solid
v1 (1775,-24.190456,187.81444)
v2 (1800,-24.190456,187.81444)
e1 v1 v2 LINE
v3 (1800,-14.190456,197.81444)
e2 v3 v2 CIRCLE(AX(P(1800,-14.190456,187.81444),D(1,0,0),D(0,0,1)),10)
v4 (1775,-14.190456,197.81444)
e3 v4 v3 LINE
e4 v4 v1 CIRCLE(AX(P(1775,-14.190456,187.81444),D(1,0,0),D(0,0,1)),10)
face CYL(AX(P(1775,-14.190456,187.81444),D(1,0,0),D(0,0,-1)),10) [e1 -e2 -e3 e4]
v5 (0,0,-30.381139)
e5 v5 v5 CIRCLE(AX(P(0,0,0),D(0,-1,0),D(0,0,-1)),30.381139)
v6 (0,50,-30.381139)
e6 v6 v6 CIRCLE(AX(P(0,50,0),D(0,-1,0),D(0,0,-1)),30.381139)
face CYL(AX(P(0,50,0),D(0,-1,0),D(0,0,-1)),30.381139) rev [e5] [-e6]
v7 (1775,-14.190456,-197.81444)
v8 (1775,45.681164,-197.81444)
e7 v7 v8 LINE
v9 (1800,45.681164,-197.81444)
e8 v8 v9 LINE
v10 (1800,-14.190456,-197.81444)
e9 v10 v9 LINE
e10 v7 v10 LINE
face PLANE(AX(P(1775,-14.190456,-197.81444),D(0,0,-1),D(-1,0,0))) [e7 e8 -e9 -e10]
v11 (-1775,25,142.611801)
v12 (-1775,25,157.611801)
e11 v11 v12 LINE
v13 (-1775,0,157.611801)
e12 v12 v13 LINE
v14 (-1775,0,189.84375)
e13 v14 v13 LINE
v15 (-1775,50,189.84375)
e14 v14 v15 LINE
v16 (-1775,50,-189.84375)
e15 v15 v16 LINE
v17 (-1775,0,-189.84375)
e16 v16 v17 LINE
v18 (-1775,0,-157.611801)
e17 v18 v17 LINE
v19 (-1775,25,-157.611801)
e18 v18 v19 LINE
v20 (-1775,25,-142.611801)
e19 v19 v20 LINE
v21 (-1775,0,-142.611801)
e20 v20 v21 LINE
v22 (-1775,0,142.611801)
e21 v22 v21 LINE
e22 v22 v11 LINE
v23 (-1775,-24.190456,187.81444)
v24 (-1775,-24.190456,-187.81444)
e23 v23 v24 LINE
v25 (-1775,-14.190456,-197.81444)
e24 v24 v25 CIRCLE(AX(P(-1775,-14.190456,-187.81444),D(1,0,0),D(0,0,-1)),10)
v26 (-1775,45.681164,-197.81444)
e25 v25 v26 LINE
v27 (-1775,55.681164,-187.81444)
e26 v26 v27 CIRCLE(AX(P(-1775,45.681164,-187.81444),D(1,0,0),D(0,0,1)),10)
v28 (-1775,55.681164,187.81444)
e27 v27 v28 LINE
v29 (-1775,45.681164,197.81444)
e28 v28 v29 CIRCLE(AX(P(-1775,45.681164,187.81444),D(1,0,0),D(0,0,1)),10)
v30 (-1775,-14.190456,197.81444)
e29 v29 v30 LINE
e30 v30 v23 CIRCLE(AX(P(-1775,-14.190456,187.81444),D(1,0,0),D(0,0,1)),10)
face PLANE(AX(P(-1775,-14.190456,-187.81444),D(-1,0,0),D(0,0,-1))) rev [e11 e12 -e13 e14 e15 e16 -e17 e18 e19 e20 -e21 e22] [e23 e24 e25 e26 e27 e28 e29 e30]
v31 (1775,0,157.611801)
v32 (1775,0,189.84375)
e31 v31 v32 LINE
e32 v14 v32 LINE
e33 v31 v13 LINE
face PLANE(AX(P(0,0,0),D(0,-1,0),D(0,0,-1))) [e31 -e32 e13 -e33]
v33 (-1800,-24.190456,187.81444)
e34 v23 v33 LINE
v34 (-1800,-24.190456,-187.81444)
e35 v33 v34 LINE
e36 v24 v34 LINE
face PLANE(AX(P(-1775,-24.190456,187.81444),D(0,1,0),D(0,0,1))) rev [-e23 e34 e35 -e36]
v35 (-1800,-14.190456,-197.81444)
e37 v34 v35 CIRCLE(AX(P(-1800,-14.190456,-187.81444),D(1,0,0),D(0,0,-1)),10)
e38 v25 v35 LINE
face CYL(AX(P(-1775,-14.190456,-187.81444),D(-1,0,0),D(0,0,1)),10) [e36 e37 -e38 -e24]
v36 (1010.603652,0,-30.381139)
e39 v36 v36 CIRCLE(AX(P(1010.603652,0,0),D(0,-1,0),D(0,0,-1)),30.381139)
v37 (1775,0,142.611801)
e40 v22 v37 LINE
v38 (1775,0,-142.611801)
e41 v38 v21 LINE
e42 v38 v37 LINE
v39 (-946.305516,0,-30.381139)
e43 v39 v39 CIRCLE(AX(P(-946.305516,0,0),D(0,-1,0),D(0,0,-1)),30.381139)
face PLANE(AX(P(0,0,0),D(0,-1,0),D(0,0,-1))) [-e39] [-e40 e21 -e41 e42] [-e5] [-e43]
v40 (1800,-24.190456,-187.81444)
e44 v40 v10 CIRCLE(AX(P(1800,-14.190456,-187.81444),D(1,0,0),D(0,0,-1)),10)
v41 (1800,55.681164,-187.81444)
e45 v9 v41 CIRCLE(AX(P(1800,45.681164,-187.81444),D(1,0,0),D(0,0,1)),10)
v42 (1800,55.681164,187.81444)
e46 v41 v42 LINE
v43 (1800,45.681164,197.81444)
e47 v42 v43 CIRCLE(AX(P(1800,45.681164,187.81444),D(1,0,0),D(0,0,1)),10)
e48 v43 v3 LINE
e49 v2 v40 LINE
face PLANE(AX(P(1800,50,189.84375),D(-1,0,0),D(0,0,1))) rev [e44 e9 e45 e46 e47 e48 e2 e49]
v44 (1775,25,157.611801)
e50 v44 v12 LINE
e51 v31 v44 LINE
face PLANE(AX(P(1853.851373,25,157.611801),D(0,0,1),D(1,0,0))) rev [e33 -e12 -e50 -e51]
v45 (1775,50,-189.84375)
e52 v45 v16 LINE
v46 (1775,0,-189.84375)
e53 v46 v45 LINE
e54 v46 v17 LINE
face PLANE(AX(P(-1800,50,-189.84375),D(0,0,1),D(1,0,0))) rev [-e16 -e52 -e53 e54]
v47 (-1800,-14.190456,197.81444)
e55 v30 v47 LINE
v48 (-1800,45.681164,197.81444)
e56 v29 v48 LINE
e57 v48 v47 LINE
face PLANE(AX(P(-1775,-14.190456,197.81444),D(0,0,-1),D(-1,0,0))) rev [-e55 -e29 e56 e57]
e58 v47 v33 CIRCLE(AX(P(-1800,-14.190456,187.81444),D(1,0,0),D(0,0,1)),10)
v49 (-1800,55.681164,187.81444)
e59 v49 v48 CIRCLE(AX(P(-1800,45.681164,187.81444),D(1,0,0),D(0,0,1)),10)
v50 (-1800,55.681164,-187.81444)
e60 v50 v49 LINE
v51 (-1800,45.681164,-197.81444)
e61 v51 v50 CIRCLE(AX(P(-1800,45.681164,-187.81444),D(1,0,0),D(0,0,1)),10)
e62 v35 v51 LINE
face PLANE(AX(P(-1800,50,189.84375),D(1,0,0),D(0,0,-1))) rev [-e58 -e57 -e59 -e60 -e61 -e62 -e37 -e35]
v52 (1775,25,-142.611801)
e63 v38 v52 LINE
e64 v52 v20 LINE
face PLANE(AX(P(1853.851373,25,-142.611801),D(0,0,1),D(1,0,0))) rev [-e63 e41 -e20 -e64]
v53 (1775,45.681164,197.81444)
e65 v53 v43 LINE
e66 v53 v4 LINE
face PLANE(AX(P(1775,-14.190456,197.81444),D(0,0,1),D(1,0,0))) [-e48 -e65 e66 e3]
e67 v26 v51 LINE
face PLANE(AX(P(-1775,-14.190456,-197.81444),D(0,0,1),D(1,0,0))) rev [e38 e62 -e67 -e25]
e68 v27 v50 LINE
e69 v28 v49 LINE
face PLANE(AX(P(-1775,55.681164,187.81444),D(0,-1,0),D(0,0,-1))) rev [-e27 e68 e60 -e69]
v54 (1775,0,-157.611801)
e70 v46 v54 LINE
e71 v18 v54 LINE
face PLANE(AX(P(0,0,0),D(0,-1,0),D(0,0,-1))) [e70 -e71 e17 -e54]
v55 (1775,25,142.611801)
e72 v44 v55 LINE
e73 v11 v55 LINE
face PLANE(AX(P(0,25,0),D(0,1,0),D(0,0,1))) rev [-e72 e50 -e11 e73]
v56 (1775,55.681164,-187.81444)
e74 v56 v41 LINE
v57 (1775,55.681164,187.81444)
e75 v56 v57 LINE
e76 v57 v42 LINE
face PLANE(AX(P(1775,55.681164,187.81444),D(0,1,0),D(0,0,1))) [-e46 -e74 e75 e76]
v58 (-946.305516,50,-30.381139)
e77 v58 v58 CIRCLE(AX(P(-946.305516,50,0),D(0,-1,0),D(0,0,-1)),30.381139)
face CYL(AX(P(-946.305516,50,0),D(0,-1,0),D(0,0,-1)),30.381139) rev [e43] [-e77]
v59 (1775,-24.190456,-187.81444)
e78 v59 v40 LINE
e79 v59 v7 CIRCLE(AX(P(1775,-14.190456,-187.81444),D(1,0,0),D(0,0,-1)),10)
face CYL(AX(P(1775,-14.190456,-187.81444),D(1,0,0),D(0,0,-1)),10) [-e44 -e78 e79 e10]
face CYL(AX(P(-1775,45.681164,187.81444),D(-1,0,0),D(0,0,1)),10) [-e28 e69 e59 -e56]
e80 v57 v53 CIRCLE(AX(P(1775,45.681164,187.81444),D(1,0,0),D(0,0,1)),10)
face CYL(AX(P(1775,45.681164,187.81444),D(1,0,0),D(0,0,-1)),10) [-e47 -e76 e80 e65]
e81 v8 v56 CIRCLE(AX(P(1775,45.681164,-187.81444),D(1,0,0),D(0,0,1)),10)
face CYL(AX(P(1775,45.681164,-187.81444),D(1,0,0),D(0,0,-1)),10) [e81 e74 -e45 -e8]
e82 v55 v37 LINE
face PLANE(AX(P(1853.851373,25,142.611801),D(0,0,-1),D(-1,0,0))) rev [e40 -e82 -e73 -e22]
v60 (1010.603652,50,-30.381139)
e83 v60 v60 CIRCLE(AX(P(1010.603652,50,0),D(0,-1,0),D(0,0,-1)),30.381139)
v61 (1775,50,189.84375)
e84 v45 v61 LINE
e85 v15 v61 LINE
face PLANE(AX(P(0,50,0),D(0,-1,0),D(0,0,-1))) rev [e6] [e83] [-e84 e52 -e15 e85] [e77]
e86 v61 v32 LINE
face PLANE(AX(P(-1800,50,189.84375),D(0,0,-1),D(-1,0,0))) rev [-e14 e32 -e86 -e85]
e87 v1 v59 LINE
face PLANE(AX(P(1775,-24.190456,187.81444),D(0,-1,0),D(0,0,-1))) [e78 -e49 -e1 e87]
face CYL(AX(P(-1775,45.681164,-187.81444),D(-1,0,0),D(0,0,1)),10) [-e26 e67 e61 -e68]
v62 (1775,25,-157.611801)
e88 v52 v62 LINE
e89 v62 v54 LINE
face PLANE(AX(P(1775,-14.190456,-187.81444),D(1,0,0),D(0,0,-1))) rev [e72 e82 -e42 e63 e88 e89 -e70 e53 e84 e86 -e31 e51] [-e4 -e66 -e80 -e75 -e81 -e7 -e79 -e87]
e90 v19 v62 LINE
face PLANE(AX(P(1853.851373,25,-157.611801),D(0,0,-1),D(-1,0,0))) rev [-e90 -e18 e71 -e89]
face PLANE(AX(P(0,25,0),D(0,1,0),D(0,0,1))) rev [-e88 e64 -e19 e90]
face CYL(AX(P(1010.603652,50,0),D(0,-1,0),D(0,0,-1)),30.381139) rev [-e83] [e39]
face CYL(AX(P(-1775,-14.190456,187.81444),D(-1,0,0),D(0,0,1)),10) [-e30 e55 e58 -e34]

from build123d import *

# Parameters (mm, degrees)
SKETCH1_W           = 3600
SKETCH1_H           = 379.6875
BOSS_EXTRUDE1_DEPTH = 50
SKETCH2_W           = 3653.851372928
SKETCH2_H           = 15
CUT_EXTRUDE1_DEPTH  = 25
SKETCH3_R           = 30.381139082
CUT_EXTRUDE2_DEPTH  = 1811.674087022
BOSS_EXTRUDE2_DEPTH = 25


with BuildPart() as part:
    # Sketch1 → Boss-Extrude1 (new body)
    with BuildSketch(Plane(origin=(0, 0, 0), x_dir=(1, 0, 0), z_dir=(0, 1, 0))):
        Rectangle(SKETCH1_W, SKETCH1_H)
    extrude(amount=BOSS_EXTRUDE1_DEPTH)

    # Sketch2 → Cut-Extrude1 (cut)
    with BuildSketch(Plane.XZ):
        with Locations((26.925686464, 150.111800851)):
            Rectangle(SKETCH2_W, SKETCH2_H)
        with Locations((26.925686464, -150.111800851)):
            Rectangle(SKETCH2_W, SKETCH2_H)
    extrude(amount=-CUT_EXTRUDE1_DEPTH, mode=Mode.SUBTRACT)

    # Sketch3 → Cut-Extrude2 (cut, through all)
    with BuildSketch(Plane.XZ):
        with Locations(Location((0, 0, 0), (0, 0, 270))):
            Circle(SKETCH3_R)
        with Locations(Location((-946.305515807, 0, 0), (0, 0, 270))):
            Circle(SKETCH3_R)
        with Locations(Location((1010.603651897, 0, 0), (0, 0, 270))):
            Circle(SKETCH3_R)
    extrude(amount=-CUT_EXTRUDE2_DEPTH, mode=Mode.SUBTRACT)

    # Sketch4 → Boss-Extrude2 (add)
    with BuildSketch(Plane(origin=(1800, 0, 0), x_dir=(0, 0, -1), z_dir=(1, 0, 0))):
        with BuildLine():
            Line((-187.814440115, -24.190456177), (187.814440115, -24.190456177))
            ThreePointArc((187.814440115, -24.190456177), (194.885507927, -21.261523989), (197.814440115, -14.190456177))
            Line((197.814440115, -14.190456177), (197.814440115, 45.681163873))
            ThreePointArc((197.814440115, 45.681163873), (194.885507927, 52.752231685), (187.814440115, 55.681163873))
            Line((187.814440115, 55.681163873), (-187.814440115, 55.681163873))
            ThreePointArc((-187.814440115, 55.681163873), (-194.885507927, 52.752231685), (-197.814440115, 45.681163873))
            Line((-197.814440115, 45.681163873), (-197.814440115, -14.190456177))
            ThreePointArc((-197.814440115, -14.190456177), (-194.885507927, -21.261523989), (-187.814440115, -24.190456177))
        make_face()
    boss_extrude2 = extrude(amount=-BOSS_EXTRUDE2_DEPTH)

    # Mirror1: Boss-Extrude2 across plane
    add(boss_extrude2.mirror(Plane(origin=(0, 0, 0), x_dir=(0, 0, 1), z_dir=(1, 0, 0))))


solid = part.part
